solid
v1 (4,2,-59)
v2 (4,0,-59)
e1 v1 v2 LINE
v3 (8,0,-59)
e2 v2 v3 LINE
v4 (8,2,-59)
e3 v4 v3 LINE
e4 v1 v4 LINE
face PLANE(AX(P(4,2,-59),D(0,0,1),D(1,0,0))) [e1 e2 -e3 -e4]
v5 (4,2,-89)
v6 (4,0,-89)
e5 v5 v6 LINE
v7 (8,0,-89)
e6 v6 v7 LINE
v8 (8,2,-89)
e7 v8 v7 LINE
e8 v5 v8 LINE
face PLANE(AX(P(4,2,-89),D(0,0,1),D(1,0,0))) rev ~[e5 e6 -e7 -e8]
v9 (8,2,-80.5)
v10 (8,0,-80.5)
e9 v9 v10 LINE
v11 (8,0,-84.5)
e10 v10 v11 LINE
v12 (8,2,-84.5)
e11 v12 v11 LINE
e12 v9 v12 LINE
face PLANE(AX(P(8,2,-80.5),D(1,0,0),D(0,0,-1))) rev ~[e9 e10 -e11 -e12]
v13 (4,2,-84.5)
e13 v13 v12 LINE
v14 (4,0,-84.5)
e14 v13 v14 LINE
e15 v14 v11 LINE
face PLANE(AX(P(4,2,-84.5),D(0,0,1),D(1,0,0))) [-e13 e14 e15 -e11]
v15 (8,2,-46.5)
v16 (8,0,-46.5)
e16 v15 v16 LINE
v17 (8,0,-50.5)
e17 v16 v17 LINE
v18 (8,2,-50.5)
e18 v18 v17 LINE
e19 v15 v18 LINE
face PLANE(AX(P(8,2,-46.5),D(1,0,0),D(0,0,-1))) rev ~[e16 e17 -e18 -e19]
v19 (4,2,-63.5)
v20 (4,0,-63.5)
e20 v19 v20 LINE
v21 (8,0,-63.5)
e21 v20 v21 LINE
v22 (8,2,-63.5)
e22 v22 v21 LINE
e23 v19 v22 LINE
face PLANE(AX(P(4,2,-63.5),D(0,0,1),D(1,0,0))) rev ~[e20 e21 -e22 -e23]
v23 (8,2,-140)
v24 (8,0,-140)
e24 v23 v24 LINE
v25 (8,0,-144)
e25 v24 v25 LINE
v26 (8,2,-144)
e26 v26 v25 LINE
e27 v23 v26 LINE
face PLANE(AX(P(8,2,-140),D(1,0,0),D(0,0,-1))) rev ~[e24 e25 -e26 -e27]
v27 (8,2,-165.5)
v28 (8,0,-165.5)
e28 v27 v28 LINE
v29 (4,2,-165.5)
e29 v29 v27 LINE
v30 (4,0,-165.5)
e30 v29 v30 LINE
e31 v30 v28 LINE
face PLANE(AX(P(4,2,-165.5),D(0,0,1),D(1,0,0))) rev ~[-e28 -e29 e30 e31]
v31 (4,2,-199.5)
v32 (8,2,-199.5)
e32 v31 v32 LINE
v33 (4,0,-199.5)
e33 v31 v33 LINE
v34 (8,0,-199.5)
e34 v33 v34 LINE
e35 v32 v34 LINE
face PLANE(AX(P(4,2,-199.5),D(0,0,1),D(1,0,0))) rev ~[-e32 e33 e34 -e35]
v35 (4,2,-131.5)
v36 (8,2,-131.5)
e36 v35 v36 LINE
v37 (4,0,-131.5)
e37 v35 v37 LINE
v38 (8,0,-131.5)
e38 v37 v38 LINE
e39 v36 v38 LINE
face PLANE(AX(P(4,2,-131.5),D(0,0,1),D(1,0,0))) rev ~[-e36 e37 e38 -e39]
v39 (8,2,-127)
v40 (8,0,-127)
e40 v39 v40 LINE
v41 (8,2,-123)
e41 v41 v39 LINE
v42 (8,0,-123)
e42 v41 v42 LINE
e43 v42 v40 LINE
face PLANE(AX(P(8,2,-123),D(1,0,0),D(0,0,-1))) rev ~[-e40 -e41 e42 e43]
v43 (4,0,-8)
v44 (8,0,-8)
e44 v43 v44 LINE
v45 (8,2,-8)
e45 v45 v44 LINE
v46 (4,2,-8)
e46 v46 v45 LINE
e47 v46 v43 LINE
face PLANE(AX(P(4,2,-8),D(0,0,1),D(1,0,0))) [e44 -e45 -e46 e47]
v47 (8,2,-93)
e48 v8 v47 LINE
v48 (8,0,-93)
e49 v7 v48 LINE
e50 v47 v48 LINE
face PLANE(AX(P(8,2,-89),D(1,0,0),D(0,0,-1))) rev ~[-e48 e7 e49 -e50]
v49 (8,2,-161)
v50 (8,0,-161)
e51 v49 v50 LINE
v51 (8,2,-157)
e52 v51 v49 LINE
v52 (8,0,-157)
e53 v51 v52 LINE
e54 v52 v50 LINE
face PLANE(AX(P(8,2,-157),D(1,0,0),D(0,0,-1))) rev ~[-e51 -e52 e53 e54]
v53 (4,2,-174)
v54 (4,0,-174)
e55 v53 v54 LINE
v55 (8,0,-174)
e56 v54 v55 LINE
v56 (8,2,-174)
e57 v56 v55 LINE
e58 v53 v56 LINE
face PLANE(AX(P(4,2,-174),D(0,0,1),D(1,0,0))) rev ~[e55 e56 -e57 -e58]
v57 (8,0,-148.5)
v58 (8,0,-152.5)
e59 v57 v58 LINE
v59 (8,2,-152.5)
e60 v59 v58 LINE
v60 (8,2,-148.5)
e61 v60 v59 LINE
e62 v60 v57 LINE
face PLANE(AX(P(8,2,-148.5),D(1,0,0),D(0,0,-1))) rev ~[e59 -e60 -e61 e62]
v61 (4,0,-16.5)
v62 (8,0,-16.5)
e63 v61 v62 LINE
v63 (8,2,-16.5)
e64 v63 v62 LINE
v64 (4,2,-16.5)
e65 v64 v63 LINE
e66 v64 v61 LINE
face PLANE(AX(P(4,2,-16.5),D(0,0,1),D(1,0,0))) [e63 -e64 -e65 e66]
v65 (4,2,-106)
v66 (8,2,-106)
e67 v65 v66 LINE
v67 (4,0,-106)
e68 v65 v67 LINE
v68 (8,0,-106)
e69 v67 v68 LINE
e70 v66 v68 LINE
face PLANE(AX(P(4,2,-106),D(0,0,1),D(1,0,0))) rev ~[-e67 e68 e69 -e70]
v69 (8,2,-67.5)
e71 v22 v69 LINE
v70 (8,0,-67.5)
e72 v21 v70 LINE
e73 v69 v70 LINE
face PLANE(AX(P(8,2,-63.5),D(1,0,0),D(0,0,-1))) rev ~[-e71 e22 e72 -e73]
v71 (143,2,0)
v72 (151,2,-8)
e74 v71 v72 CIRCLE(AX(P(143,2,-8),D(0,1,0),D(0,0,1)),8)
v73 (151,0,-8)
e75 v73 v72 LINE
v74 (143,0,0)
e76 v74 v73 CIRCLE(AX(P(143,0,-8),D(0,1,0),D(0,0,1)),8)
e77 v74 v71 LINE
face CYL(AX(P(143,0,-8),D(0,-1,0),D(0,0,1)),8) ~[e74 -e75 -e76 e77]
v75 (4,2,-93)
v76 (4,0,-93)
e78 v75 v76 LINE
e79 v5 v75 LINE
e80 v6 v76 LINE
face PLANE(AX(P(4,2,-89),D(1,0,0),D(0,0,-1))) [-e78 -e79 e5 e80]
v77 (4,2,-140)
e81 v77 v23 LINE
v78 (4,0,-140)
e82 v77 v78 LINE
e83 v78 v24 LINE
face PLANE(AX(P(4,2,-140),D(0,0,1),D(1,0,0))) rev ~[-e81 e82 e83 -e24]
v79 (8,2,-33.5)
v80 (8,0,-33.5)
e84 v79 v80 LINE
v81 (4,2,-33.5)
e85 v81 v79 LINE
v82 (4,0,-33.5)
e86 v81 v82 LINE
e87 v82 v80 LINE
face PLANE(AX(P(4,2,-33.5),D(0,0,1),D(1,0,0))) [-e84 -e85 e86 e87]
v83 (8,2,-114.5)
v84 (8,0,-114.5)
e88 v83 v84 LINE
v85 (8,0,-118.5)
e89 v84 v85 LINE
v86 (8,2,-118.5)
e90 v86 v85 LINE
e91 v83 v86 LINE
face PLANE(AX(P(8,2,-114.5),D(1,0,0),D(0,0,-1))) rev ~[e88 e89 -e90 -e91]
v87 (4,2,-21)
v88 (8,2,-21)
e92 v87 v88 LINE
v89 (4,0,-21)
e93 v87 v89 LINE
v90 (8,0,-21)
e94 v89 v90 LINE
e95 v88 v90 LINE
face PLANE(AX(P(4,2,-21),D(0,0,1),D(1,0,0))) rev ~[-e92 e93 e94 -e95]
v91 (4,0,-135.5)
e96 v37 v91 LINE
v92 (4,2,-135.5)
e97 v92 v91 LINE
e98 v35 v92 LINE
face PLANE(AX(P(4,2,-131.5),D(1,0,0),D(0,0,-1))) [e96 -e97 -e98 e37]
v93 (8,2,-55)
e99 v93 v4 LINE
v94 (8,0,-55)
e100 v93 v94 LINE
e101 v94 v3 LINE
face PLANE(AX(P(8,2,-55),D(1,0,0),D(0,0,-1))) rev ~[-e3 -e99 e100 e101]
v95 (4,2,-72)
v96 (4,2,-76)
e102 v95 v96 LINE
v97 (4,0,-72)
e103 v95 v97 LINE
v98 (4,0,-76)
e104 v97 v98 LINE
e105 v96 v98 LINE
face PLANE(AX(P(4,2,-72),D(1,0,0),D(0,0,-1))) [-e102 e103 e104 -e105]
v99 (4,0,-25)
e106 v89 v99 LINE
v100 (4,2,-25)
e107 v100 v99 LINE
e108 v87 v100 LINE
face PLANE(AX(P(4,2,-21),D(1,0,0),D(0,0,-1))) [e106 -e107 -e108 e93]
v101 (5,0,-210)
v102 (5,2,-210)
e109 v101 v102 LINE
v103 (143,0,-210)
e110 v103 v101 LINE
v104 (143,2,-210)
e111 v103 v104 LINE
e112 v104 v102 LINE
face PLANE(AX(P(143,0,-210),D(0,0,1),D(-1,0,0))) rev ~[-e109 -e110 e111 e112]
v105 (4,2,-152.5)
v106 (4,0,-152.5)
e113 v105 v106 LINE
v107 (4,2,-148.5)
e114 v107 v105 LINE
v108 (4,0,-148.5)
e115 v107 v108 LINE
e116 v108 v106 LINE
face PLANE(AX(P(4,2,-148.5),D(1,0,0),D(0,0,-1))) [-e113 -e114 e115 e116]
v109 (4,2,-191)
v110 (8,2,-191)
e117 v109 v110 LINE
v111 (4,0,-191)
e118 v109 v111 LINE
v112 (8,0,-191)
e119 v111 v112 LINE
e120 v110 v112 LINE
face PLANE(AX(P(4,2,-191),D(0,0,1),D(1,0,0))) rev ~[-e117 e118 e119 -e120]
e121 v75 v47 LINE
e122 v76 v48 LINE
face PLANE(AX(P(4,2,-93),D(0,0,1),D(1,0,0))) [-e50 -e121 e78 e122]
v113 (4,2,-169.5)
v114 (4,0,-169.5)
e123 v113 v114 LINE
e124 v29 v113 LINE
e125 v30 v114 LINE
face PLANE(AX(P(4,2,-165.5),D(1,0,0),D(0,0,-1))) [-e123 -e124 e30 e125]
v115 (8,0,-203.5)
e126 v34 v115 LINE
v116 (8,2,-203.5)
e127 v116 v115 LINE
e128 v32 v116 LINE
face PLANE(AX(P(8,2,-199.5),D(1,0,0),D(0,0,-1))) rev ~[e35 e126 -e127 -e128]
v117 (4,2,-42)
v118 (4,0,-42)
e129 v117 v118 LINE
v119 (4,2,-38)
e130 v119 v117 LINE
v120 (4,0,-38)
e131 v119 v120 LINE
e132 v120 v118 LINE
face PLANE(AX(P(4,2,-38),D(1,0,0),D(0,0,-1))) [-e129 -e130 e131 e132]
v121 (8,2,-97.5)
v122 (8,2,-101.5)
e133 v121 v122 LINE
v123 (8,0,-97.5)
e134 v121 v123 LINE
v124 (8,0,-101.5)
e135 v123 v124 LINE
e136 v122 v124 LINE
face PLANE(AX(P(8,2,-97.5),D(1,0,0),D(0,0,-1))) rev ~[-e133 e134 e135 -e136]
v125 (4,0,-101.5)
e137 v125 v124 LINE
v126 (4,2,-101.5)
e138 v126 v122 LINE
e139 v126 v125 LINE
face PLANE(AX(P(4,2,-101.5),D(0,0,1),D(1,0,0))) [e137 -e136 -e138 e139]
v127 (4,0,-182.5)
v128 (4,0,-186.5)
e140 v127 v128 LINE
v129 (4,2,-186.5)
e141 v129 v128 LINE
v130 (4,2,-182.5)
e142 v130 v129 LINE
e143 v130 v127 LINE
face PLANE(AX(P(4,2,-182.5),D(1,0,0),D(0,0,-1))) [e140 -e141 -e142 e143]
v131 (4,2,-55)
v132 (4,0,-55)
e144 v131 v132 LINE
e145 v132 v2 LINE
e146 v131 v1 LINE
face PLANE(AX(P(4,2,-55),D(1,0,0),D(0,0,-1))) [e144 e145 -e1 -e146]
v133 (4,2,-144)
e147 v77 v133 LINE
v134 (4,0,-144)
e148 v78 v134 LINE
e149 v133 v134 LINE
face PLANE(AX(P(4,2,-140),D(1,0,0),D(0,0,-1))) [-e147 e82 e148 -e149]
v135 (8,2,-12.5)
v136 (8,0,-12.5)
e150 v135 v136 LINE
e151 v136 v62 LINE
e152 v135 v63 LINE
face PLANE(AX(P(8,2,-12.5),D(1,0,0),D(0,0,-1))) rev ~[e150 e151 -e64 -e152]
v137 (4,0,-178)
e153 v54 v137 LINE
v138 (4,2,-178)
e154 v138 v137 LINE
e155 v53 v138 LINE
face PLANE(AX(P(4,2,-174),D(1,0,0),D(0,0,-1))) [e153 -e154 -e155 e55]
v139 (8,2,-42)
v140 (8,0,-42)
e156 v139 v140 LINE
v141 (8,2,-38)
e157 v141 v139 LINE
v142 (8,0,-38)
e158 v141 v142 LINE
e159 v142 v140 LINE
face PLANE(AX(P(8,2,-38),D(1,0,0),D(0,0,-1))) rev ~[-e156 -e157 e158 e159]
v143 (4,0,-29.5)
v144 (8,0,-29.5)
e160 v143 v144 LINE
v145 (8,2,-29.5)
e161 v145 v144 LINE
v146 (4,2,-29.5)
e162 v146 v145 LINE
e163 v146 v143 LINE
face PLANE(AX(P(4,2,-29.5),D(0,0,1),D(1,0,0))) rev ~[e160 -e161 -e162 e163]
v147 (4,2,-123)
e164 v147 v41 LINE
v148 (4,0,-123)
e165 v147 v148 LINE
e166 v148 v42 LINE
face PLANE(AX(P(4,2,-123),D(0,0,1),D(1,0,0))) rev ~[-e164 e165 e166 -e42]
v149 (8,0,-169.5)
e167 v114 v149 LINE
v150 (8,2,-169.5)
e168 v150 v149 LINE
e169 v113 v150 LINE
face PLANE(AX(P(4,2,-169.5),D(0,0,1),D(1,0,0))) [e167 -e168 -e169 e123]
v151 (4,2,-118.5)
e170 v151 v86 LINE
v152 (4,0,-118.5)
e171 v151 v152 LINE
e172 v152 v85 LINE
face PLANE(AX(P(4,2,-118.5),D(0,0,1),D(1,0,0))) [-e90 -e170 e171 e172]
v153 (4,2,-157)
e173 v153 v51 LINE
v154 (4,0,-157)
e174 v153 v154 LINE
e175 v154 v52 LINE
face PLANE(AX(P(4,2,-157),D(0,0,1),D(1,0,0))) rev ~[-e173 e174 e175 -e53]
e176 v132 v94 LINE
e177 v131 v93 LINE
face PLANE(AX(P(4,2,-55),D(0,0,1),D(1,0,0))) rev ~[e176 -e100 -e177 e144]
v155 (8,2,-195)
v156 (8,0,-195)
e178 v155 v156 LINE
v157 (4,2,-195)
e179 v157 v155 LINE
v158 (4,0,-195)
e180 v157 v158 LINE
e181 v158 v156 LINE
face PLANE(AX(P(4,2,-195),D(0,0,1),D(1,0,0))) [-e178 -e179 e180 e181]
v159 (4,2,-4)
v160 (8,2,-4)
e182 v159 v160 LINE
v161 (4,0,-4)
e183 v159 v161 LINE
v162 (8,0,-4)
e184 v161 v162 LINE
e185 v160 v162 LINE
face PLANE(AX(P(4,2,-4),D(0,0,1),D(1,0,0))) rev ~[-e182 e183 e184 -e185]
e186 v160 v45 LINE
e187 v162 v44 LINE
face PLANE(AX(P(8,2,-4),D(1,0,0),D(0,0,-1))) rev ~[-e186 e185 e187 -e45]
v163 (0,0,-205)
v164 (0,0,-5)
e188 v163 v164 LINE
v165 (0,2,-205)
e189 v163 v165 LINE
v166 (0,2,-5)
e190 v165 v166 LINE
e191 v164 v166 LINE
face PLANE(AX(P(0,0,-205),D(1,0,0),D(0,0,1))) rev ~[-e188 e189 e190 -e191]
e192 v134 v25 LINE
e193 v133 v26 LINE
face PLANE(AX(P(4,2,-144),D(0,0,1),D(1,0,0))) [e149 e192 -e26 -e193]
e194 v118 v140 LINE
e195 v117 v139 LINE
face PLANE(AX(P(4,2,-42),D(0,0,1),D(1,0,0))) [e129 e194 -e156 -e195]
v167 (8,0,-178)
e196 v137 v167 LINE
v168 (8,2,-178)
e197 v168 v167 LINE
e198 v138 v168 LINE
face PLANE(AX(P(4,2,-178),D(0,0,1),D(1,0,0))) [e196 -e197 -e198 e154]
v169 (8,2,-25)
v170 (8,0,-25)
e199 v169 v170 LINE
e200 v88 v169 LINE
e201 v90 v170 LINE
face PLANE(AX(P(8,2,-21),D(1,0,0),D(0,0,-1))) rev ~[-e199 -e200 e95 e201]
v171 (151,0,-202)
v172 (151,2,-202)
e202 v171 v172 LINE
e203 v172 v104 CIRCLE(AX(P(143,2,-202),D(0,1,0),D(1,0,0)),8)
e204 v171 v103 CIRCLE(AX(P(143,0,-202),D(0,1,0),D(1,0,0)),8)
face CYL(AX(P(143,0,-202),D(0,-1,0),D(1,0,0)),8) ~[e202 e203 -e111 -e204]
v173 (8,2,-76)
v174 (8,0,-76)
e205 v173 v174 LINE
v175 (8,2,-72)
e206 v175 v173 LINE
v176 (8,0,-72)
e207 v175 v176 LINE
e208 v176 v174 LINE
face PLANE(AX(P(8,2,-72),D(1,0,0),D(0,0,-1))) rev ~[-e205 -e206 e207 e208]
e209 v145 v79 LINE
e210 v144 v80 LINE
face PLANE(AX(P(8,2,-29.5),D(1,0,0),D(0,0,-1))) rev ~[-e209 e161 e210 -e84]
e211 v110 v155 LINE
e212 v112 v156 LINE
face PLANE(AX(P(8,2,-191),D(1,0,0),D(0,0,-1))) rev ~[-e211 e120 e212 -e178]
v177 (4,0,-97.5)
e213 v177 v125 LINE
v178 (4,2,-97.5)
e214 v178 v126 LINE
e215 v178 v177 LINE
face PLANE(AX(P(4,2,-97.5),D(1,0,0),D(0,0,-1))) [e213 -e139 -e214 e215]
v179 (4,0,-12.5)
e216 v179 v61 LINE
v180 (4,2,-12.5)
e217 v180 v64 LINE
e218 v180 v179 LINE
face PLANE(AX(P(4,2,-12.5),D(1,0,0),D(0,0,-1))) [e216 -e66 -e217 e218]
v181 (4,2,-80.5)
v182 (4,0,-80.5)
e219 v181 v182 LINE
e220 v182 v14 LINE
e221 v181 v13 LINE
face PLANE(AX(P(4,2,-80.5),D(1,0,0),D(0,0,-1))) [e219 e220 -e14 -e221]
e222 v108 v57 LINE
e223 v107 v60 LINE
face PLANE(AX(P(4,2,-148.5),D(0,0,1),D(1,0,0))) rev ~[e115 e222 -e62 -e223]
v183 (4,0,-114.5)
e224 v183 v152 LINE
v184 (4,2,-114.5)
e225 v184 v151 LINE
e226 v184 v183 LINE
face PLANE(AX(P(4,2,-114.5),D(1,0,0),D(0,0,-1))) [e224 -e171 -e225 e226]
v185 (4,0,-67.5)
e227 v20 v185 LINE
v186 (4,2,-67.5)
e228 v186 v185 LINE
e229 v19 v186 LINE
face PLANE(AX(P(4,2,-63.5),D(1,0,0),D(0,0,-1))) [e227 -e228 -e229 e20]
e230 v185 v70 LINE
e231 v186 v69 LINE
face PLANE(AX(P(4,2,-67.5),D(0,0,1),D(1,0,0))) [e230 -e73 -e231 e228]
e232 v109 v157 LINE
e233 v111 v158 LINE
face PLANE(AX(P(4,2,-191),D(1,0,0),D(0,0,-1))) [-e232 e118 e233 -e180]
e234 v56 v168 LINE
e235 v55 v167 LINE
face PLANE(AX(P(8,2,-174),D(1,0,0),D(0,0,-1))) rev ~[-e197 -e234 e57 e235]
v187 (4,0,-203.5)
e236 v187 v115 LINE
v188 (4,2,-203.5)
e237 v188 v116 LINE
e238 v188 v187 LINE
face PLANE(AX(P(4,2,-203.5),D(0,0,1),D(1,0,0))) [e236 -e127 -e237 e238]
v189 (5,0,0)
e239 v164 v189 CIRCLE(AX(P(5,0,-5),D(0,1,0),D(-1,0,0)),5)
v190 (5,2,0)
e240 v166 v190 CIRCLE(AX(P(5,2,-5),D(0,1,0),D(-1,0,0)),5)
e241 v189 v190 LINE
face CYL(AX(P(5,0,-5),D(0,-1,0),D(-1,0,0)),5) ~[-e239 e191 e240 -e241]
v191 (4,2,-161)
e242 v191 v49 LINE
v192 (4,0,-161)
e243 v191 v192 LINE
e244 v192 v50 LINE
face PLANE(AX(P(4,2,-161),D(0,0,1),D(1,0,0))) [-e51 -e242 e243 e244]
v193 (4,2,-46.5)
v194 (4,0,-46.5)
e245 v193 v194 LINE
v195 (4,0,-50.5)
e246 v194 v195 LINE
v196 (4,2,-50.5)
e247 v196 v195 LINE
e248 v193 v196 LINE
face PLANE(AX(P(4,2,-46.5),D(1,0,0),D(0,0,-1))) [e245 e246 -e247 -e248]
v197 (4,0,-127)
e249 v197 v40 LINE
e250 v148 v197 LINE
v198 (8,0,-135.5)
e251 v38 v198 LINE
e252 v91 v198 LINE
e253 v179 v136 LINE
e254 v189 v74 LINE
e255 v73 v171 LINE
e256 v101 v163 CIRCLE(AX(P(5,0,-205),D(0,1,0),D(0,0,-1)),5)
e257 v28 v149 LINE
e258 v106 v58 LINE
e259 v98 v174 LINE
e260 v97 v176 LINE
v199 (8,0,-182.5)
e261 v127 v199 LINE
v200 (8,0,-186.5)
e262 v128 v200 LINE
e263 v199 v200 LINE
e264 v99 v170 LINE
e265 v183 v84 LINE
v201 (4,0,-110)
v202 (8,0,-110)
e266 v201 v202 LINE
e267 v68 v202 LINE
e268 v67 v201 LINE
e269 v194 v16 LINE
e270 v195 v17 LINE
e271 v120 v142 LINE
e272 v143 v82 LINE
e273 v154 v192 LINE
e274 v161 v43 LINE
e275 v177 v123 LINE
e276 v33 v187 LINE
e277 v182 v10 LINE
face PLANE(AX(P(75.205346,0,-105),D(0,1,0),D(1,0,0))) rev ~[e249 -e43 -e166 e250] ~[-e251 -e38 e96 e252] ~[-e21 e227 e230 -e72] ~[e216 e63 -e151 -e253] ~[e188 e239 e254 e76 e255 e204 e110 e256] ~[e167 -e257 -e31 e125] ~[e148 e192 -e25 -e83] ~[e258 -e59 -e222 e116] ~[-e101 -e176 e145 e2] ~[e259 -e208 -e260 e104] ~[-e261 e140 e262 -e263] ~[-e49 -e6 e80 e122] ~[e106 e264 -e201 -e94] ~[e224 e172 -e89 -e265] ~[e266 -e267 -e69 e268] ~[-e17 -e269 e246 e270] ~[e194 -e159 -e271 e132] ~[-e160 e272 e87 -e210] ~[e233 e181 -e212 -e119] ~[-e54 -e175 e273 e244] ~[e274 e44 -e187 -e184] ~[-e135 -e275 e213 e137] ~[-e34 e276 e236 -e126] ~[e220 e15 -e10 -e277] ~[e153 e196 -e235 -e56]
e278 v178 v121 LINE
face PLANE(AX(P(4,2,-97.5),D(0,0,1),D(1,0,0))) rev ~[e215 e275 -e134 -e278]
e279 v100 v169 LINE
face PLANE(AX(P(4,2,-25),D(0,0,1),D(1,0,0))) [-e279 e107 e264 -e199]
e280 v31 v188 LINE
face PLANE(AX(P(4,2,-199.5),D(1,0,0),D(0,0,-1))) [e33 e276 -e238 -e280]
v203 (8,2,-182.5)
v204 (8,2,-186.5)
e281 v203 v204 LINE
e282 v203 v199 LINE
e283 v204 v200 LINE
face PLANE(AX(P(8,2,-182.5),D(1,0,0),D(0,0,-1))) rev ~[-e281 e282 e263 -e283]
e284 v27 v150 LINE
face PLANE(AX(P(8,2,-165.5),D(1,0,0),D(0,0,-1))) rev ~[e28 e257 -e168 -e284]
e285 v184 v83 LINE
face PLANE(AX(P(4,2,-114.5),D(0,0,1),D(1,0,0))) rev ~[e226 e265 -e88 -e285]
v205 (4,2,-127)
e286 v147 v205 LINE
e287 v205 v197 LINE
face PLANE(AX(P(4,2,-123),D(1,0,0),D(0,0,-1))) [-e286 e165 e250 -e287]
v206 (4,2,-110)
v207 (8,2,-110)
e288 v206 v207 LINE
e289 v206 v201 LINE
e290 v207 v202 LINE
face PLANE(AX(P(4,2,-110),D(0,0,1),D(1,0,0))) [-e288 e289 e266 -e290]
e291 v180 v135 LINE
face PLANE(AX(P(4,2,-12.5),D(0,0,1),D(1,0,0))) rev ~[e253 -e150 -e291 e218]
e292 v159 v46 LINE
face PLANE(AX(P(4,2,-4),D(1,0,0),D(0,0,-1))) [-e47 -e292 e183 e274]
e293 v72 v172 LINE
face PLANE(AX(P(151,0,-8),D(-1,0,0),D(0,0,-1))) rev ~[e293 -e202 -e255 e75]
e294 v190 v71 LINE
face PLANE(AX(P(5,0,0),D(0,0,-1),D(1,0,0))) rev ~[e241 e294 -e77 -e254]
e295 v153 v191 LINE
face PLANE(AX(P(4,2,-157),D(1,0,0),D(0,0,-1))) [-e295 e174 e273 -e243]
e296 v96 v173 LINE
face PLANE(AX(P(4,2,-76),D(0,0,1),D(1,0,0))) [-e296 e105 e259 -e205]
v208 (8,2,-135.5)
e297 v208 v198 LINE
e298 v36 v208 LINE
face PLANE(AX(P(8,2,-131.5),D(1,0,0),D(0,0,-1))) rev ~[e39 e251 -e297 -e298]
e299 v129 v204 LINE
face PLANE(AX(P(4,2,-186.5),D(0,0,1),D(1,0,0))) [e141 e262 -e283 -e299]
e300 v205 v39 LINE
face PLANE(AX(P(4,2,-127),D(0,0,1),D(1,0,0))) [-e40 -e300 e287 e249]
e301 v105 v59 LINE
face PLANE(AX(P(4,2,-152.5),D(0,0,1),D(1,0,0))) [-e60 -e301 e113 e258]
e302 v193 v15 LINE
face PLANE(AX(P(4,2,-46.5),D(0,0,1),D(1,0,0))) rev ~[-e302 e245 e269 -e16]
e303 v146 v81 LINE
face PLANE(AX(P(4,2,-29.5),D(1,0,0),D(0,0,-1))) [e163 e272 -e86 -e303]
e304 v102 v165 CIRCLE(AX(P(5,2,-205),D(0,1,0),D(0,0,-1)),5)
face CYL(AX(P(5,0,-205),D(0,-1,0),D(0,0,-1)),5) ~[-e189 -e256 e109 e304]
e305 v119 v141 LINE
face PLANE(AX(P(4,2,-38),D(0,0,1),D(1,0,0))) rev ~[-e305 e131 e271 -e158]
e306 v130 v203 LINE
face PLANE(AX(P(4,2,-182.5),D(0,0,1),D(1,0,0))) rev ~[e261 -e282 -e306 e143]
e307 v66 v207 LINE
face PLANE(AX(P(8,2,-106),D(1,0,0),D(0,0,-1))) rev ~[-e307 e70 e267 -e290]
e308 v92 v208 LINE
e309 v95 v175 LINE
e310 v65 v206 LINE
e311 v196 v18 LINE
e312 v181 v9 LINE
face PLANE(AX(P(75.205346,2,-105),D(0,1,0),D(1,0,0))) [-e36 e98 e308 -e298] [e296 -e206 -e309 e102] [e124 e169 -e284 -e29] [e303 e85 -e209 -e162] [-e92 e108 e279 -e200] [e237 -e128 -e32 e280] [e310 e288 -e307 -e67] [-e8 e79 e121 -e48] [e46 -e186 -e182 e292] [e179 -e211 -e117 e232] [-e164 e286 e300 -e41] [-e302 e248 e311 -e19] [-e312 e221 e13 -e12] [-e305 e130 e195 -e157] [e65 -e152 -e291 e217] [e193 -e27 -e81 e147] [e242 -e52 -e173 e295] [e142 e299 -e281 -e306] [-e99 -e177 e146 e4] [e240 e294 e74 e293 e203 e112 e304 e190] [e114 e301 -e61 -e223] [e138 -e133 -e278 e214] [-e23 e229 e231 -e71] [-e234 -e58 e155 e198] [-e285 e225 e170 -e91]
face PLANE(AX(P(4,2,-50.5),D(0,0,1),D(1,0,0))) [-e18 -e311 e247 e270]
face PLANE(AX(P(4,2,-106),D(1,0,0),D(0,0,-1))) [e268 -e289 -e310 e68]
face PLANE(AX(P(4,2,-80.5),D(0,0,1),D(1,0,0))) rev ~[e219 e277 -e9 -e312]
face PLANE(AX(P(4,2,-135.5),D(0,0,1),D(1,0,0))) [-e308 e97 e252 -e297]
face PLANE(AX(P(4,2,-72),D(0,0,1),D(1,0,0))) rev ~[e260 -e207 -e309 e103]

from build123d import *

# Parameters (mm, degrees)
BOSS_EXTRUDE1_DEPTH = 2
SKETCH2_W           = 4
SKETCH2_H           = 4
CUT_EXTRUDE1_DEPTH  = 2
LPATTERN1_COUNT     = 24
LPATTERN1_PITCH     = 8.5


with BuildPart() as part:
    # Sketch1 → Boss-Extrude1 (new body)
    with BuildSketch(Plane(origin=(0, 0, 0), x_dir=(1, 0, 0), z_dir=(0, 1, 0))):
        with BuildLine():
            Line((5, 0), (143, 0))
            ThreePointArc((143, 0), (148.656854249, 2.343145751), (151, 8))
            Line((151, 8), (151, 202))
            ThreePointArc((151, 202), (148.656854249, 207.656854249), (143, 210))
            Line((143, 210), (5, 210))
            ThreePointArc((5, 210), (1.464466094, 208.535533906), (0, 205))
            Line((0, 205), (0, 5))
            ThreePointArc((0, 5), (1.464466094, 1.464466094), (5, 0))
        make_face()
    extrude(amount=BOSS_EXTRUDE1_DEPTH)

    # Sketch2 → Cut-Extrude1 (cut)
    with BuildSketch(Plane(origin=(0, 2, 0), x_dir=(1, 0, 0), z_dir=(0, 1, 0))):
        with Locations((6, 201.5)):
            Rectangle(SKETCH2_W, SKETCH2_H)
    cut_extrude1 = extrude(amount=-CUT_EXTRUDE1_DEPTH, mode=Mode.SUBTRACT)

    # LPattern1: Cut-Extrude1 ×24
    with Locations(*[(0, 0, i * LPATTERN1_PITCH) for i in range(1, LPATTERN1_COUNT)]):
        add(cut_extrude1, mode=Mode.SUBTRACT)


solid = part.part
